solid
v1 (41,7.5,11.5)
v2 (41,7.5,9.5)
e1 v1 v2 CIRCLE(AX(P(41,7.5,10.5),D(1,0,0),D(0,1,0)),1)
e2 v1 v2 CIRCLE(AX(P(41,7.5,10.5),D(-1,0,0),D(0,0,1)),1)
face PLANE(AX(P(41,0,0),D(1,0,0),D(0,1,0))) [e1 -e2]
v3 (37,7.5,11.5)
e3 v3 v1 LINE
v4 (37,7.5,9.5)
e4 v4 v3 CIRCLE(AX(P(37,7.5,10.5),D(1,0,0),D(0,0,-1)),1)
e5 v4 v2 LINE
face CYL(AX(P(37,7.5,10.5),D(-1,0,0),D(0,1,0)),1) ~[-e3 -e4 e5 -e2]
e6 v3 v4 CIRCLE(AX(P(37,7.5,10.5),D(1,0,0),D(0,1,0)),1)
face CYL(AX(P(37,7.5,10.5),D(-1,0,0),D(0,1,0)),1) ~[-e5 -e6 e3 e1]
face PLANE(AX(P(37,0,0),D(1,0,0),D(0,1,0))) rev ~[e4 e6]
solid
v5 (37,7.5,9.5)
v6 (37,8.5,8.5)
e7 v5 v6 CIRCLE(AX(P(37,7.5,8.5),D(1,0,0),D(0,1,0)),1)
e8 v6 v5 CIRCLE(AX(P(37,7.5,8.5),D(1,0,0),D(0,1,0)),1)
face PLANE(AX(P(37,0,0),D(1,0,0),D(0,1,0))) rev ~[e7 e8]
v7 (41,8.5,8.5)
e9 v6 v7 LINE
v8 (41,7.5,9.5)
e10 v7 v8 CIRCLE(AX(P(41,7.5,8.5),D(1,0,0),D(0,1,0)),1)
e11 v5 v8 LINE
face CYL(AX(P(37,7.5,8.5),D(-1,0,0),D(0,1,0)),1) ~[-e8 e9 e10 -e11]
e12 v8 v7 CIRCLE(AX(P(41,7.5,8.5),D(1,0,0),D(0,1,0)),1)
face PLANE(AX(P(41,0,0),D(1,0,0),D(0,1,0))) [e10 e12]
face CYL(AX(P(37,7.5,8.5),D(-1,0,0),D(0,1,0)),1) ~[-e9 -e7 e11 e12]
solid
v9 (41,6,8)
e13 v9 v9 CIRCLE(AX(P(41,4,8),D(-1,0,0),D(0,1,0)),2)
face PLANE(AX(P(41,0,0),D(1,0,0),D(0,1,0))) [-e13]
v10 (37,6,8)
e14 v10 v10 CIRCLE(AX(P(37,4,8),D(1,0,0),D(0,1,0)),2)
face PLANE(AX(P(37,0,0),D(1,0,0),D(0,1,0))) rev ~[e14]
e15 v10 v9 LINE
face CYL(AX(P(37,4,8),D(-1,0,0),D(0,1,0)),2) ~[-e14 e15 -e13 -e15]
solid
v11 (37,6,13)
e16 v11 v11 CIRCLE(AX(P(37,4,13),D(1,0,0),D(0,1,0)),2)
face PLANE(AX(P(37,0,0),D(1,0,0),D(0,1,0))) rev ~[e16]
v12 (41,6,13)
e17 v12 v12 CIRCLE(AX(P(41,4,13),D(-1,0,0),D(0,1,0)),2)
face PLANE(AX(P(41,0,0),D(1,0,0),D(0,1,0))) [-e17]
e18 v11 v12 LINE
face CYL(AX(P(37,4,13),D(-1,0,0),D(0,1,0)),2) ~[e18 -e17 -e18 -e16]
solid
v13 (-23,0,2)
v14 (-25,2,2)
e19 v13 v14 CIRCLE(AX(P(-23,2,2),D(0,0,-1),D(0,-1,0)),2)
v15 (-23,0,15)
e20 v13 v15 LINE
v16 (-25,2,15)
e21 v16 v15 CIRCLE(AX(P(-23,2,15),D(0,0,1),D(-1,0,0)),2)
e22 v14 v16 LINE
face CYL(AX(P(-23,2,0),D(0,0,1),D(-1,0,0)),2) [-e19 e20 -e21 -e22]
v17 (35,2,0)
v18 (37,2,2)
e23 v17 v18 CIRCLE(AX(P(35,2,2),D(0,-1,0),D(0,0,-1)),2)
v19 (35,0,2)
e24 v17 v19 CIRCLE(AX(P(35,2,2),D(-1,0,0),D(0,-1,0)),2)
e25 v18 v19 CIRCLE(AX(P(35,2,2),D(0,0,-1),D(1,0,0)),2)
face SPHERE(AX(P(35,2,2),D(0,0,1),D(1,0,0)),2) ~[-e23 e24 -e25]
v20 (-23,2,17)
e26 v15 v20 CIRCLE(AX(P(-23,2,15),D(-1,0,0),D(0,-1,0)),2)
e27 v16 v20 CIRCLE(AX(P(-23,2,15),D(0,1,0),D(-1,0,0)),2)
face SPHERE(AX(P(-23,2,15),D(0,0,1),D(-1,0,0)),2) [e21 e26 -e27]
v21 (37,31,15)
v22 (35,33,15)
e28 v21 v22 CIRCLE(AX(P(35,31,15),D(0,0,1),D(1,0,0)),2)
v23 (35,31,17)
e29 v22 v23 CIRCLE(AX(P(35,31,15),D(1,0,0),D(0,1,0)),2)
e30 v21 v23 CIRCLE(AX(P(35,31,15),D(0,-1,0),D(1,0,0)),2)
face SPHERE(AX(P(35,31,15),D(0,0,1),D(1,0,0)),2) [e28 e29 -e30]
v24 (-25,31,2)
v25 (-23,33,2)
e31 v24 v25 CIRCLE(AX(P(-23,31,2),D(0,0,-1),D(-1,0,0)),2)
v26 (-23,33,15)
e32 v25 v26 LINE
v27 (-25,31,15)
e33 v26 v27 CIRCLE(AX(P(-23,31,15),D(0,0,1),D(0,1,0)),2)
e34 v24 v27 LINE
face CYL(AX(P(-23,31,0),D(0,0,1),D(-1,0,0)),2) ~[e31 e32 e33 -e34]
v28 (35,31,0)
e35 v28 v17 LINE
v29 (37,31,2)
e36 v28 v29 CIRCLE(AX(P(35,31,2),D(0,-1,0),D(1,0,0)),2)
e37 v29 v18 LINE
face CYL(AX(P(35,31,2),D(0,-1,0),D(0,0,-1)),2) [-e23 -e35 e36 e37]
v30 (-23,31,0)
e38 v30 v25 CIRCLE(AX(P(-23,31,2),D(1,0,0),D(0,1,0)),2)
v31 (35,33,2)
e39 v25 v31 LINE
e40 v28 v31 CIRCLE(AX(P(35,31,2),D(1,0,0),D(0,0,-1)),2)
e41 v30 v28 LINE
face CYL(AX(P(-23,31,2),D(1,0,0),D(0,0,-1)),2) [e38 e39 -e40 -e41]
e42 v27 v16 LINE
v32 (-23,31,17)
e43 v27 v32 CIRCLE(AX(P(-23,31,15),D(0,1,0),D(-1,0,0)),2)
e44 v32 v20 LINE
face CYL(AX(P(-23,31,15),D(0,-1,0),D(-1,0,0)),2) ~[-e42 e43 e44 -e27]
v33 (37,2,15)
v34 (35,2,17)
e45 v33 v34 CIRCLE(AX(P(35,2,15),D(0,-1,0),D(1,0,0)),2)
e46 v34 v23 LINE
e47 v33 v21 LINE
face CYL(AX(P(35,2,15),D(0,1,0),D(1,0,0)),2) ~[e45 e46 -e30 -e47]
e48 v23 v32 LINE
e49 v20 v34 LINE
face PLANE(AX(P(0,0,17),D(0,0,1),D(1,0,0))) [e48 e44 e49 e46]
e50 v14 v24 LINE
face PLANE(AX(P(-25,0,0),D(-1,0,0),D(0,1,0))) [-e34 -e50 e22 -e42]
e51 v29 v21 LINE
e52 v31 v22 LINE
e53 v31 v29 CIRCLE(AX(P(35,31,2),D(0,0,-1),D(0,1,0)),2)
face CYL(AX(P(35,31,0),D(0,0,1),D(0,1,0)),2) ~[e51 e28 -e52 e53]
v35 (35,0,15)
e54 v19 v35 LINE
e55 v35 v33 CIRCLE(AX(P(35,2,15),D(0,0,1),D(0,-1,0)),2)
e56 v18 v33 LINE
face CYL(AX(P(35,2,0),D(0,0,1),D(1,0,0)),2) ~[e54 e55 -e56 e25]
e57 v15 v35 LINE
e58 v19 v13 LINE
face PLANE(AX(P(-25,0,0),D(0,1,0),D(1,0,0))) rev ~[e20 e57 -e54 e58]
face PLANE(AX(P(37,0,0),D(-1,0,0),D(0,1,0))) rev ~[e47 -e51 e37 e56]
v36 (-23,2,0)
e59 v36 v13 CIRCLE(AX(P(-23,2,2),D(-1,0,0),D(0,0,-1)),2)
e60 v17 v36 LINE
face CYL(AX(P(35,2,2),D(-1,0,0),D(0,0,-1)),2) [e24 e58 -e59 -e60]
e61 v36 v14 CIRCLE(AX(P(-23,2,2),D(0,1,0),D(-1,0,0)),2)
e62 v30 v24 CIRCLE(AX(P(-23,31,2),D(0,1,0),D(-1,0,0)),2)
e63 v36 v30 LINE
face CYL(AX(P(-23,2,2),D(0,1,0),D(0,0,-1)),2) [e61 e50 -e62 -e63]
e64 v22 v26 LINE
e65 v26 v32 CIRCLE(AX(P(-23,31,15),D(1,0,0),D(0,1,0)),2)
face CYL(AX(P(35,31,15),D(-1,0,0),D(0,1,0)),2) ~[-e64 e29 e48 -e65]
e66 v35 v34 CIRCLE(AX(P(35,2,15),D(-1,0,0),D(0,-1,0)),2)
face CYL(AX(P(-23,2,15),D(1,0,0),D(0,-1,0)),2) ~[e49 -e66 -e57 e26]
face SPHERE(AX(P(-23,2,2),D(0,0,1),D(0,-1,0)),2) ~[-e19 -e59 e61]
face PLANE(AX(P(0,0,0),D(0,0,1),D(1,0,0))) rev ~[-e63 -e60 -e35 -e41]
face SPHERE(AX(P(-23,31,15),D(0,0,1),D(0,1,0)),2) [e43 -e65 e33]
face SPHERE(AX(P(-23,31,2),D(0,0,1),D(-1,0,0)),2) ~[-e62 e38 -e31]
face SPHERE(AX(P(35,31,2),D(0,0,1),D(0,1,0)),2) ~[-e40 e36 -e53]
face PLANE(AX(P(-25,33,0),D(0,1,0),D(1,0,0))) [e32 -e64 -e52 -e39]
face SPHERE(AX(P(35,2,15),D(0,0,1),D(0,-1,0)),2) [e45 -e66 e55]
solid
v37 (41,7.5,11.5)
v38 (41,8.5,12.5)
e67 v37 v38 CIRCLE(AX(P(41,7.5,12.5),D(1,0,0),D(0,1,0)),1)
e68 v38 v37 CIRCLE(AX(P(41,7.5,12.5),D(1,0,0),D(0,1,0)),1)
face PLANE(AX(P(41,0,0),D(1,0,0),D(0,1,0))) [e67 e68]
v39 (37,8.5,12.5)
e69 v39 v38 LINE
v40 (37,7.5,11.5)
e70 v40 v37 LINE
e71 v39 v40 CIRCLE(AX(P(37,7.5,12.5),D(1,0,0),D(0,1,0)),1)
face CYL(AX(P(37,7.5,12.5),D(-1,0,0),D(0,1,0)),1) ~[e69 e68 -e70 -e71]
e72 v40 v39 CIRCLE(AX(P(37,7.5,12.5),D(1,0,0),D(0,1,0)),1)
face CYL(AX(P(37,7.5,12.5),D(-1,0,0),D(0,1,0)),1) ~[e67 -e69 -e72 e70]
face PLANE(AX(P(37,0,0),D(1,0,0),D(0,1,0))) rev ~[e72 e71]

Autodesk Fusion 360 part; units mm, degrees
sketch "Sketch1" plane through (0, 0, 0) normal (0, 0, 1) x (1, 0, 0)
  line L0 (-25, 0) -> (-25, 33)
  line L1 (-25, 33) -> (37, 33)
  line L2 (-25, 0) -> (37, 0)
  line L3 (37, 0) -> (37, 33)
  dimension "d1" = 33
  dimension "d2" = 62
  dimension "d3" = 62
extrude "Extrude1" add sketch "Sketch1" along normal blind 17 makes body 1
fillet "Fillet1" radius 2 4 edges at (-25, 0, 8.5) (-25, 33, 8.5) (37, 0, 8.5) (37, 33, 8.5) on bodies 1
fillet "Fillet2" radius 2 16 edges at (-24.4142, 0.5858, 17) (6, 0, 17) (36.4142, 0.5858, 17) (37, 16.5, 17) (36.4142, 32.4142, 17) (6, 33, 17) (-24.4142, 32.4142, 17) (-25, 16.5, 17) (-24.4142, 32.4142, 0) (6, 33, 0) (36.4142, 32.4142, 0) (37, 16.5, 0) (36.4142, 0.5858, 0) (6, 0, 0) (-24.4142, 0.5858, 0) (-25, 16.5, 0) on bodies 1
sketch "Sketch2" plane through (37, 0, 0) normal (1, 0, 0) x (0, 1, 0)
  line L0 (2, 2) -> (31, 2)
  line L1 (31, 2) -> (31, 15)
  line L2 (31, 15) -> (2, 15)
  line L3 (2, 15) -> (2, 2)
  circle A0 centre (4, 13) radius 2
  circle A1 centre (4, 8) radius 2
  circle A2 centre (7.5, 12.5) radius 1
  circle A3 centre (7.5, 10.5) radius 1
  circle A4 centre (7.5, 8.5) radius 1
extrude "Extrude2" add sketch "Sketch2" along normal blind 4 separate body contours A1 | A0 | A2 | A4 | A3 makes body 2 at (39.6667, 5.9901, 13.1991) makes body 3 at (39.6667, 5.9901, 8.1991) makes body 4 at (39.6667, 7.4502, 9.5012)
